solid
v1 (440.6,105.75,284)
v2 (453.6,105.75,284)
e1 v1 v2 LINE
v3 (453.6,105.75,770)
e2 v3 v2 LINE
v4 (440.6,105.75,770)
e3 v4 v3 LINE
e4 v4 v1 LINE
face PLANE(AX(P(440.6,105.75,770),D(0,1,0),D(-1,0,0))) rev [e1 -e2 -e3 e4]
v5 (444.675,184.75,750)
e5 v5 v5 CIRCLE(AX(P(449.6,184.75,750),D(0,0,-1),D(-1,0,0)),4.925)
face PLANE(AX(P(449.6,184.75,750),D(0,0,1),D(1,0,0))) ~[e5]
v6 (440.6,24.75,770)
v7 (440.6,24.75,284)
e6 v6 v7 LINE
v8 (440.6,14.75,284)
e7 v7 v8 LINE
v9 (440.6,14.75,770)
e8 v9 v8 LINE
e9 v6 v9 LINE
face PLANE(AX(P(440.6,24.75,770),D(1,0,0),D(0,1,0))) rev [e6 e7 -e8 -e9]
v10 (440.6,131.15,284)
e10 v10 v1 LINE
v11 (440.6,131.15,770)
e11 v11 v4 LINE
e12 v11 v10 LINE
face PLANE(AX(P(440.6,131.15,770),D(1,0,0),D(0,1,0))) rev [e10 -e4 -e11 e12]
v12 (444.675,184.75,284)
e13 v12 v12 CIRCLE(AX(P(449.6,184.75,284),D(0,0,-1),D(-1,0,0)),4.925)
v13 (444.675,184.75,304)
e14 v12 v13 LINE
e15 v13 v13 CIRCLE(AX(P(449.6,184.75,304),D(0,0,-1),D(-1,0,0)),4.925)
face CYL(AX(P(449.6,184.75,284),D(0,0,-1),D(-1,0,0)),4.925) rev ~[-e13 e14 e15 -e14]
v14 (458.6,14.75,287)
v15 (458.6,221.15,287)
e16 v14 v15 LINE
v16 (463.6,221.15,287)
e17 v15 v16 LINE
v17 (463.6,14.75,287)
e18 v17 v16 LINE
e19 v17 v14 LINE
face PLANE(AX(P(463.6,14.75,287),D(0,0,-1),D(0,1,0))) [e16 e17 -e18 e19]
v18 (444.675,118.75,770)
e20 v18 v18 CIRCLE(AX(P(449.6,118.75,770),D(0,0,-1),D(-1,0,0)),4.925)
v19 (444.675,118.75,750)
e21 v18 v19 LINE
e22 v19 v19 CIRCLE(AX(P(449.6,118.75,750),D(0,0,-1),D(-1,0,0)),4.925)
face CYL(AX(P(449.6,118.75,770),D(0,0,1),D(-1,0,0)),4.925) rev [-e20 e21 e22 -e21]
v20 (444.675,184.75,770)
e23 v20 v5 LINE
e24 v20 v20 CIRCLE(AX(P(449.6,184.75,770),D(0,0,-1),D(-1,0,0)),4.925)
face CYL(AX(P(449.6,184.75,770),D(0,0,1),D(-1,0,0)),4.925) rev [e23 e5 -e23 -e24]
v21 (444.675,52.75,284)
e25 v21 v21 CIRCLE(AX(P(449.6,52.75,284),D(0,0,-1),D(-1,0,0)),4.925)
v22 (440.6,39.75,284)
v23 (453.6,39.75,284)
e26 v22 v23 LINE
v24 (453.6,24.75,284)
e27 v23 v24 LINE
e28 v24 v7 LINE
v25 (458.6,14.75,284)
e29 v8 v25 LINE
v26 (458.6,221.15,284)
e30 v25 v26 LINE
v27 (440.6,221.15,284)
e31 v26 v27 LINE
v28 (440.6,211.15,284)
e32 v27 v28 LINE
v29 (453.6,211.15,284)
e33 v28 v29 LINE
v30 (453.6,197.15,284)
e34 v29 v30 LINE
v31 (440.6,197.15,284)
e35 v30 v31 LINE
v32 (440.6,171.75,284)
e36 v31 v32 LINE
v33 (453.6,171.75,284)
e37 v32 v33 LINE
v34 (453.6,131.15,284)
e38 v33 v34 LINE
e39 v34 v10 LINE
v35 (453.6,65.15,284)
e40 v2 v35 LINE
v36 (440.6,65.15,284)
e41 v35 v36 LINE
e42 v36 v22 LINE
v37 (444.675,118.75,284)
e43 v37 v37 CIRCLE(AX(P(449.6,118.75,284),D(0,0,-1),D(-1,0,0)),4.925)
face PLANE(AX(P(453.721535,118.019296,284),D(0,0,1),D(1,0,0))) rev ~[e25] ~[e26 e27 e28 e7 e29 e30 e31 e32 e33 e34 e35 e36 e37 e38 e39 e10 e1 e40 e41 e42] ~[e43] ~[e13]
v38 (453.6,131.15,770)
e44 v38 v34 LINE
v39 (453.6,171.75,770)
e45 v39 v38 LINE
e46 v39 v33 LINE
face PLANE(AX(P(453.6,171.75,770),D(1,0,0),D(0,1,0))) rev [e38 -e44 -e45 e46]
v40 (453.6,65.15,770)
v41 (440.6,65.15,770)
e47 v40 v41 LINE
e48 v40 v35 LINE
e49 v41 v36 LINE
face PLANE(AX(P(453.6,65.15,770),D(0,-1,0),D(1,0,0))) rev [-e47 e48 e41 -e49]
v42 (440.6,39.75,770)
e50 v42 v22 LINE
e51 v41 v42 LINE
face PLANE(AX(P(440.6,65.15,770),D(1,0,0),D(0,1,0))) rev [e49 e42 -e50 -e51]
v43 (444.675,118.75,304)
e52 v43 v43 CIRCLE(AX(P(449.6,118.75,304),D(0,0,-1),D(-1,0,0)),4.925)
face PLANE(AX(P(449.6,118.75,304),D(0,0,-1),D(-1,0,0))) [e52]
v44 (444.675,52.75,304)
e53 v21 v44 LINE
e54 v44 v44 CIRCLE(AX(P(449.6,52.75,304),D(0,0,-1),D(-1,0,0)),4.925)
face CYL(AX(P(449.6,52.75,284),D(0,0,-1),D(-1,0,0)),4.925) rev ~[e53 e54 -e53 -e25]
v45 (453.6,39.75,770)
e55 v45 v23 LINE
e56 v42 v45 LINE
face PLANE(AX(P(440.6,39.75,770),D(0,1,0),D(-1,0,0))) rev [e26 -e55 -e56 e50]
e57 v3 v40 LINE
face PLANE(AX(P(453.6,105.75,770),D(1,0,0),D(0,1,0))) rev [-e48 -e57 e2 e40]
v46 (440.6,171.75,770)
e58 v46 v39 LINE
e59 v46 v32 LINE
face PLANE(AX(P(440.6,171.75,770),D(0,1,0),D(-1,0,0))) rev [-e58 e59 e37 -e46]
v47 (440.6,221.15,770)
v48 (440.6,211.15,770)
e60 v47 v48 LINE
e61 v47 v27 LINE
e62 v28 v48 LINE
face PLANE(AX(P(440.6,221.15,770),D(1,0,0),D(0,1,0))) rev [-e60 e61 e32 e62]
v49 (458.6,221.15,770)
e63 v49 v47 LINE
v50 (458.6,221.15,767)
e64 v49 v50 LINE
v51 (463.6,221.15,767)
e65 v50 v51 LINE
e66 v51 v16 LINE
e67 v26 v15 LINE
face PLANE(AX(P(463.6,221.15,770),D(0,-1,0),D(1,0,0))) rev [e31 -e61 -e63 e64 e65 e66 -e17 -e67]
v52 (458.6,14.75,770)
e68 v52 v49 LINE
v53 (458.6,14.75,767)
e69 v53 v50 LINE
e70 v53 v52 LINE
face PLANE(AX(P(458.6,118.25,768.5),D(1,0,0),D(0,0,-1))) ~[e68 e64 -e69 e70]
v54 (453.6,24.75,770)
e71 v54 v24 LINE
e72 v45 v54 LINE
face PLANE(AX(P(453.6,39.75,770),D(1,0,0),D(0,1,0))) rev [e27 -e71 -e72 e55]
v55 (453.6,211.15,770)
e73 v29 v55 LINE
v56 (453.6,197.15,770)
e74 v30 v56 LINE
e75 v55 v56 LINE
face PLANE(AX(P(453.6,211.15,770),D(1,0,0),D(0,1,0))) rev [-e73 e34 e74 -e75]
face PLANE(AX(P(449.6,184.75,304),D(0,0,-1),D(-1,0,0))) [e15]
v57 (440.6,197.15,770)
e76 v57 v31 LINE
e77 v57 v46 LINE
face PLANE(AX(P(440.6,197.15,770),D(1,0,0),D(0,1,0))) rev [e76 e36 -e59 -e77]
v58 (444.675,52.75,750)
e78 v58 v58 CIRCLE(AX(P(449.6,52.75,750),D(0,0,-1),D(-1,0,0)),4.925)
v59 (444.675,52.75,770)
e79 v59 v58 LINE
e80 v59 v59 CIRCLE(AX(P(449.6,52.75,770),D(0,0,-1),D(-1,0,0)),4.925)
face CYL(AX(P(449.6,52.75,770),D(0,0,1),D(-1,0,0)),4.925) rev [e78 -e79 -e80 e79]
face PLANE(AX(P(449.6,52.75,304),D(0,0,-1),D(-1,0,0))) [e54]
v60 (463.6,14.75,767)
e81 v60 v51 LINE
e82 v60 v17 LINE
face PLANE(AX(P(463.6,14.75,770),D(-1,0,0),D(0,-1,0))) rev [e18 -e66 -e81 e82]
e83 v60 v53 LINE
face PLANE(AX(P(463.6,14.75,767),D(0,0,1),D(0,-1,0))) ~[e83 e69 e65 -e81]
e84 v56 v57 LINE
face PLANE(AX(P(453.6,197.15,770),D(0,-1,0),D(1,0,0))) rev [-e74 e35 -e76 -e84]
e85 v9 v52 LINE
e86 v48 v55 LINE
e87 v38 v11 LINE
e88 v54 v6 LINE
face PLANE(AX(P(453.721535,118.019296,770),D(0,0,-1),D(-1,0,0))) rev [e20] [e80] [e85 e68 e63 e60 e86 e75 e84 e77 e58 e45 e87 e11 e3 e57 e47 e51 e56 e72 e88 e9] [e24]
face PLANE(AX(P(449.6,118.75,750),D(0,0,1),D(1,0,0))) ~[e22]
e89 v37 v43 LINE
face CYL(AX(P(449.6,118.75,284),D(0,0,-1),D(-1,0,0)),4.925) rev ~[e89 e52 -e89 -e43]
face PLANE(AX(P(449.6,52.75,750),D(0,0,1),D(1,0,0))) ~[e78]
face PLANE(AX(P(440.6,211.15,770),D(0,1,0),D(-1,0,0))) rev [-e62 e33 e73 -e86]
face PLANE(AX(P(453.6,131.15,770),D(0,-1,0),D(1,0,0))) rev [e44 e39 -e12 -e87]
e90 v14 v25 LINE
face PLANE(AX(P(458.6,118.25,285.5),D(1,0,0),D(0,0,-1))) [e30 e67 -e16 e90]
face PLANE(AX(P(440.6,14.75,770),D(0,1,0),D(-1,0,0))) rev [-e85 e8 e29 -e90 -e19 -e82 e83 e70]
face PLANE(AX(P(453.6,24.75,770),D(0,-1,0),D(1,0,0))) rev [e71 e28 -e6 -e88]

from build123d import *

# Parameters (mm, degrees)
PAD014_DEPTH    = 243
SKETCH010_R     = 4.925
POCKET_DEPTH    = 20
SKETCH013_W     = 3
SKETCH013_H     = 207
POCKET001_DEPTH = 5


with BuildPart() as part:
    # Sketch009 → Pad014 (new body)
    with BuildSketch(Plane.XY):
        Polygon((0, 206.4), (0, 196.4), (13, 196.4), (13, 182.4), (0, 182.4), (0, 157), (13, 157), (13, 116.4), (0, 116.4), (0, 91), (13, 91), (13, 50.4), (0, 50.4), (0, 25), (13, 25), (13, 10), (0, 10), (0, 0), (23, 0), (23, 206.4), align=None)
    extrude(amount=PAD014_DEPTH)

    # Sketch010 (on Vertex37 of Pad014) → Pocket (cut)
    with BuildSketch(Plane(origin=(23, 0, 0), x_dir=(-1, 0, 0), z_dir=(0, 0, -1))):
        with Locations((14, 104)):
            Circle(SKETCH010_R)
        with Locations((14, 170)):
            Circle(SKETCH010_R)
        with Locations((14, 38)):
            Circle(SKETCH010_R)
    extrude(amount=-POCKET_DEPTH, mode=Mode.SUBTRACT)

    # Sketch013 (on Face6 of Pocket) → Pocket001 (cut)
    with BuildSketch(Plane(origin=(23, 0, 0), x_dir=(0, 0, -1), z_dir=(1, 0, 0))):
        with Locations((-1.5, 103.5)):
            Rectangle(SKETCH013_W, SKETCH013_H)
    extrude(amount=-POCKET001_DEPTH, mode=Mode.SUBTRACT)

    # Mirrored: part across face of Pocket


with BuildPart() as part_1:
    add(part.part)
    add(part.part.mirror(Plane(origin=(13.661045, 103.34943, 243), x_dir=(1, 0, 0), z_dir=(0, 0, 1))))


with BuildPart() as part_2:
    # Body010 placement: moved
    add(part_1.part.moved(Location((440.6, 14.75, 284))))


solid = part_2.part
